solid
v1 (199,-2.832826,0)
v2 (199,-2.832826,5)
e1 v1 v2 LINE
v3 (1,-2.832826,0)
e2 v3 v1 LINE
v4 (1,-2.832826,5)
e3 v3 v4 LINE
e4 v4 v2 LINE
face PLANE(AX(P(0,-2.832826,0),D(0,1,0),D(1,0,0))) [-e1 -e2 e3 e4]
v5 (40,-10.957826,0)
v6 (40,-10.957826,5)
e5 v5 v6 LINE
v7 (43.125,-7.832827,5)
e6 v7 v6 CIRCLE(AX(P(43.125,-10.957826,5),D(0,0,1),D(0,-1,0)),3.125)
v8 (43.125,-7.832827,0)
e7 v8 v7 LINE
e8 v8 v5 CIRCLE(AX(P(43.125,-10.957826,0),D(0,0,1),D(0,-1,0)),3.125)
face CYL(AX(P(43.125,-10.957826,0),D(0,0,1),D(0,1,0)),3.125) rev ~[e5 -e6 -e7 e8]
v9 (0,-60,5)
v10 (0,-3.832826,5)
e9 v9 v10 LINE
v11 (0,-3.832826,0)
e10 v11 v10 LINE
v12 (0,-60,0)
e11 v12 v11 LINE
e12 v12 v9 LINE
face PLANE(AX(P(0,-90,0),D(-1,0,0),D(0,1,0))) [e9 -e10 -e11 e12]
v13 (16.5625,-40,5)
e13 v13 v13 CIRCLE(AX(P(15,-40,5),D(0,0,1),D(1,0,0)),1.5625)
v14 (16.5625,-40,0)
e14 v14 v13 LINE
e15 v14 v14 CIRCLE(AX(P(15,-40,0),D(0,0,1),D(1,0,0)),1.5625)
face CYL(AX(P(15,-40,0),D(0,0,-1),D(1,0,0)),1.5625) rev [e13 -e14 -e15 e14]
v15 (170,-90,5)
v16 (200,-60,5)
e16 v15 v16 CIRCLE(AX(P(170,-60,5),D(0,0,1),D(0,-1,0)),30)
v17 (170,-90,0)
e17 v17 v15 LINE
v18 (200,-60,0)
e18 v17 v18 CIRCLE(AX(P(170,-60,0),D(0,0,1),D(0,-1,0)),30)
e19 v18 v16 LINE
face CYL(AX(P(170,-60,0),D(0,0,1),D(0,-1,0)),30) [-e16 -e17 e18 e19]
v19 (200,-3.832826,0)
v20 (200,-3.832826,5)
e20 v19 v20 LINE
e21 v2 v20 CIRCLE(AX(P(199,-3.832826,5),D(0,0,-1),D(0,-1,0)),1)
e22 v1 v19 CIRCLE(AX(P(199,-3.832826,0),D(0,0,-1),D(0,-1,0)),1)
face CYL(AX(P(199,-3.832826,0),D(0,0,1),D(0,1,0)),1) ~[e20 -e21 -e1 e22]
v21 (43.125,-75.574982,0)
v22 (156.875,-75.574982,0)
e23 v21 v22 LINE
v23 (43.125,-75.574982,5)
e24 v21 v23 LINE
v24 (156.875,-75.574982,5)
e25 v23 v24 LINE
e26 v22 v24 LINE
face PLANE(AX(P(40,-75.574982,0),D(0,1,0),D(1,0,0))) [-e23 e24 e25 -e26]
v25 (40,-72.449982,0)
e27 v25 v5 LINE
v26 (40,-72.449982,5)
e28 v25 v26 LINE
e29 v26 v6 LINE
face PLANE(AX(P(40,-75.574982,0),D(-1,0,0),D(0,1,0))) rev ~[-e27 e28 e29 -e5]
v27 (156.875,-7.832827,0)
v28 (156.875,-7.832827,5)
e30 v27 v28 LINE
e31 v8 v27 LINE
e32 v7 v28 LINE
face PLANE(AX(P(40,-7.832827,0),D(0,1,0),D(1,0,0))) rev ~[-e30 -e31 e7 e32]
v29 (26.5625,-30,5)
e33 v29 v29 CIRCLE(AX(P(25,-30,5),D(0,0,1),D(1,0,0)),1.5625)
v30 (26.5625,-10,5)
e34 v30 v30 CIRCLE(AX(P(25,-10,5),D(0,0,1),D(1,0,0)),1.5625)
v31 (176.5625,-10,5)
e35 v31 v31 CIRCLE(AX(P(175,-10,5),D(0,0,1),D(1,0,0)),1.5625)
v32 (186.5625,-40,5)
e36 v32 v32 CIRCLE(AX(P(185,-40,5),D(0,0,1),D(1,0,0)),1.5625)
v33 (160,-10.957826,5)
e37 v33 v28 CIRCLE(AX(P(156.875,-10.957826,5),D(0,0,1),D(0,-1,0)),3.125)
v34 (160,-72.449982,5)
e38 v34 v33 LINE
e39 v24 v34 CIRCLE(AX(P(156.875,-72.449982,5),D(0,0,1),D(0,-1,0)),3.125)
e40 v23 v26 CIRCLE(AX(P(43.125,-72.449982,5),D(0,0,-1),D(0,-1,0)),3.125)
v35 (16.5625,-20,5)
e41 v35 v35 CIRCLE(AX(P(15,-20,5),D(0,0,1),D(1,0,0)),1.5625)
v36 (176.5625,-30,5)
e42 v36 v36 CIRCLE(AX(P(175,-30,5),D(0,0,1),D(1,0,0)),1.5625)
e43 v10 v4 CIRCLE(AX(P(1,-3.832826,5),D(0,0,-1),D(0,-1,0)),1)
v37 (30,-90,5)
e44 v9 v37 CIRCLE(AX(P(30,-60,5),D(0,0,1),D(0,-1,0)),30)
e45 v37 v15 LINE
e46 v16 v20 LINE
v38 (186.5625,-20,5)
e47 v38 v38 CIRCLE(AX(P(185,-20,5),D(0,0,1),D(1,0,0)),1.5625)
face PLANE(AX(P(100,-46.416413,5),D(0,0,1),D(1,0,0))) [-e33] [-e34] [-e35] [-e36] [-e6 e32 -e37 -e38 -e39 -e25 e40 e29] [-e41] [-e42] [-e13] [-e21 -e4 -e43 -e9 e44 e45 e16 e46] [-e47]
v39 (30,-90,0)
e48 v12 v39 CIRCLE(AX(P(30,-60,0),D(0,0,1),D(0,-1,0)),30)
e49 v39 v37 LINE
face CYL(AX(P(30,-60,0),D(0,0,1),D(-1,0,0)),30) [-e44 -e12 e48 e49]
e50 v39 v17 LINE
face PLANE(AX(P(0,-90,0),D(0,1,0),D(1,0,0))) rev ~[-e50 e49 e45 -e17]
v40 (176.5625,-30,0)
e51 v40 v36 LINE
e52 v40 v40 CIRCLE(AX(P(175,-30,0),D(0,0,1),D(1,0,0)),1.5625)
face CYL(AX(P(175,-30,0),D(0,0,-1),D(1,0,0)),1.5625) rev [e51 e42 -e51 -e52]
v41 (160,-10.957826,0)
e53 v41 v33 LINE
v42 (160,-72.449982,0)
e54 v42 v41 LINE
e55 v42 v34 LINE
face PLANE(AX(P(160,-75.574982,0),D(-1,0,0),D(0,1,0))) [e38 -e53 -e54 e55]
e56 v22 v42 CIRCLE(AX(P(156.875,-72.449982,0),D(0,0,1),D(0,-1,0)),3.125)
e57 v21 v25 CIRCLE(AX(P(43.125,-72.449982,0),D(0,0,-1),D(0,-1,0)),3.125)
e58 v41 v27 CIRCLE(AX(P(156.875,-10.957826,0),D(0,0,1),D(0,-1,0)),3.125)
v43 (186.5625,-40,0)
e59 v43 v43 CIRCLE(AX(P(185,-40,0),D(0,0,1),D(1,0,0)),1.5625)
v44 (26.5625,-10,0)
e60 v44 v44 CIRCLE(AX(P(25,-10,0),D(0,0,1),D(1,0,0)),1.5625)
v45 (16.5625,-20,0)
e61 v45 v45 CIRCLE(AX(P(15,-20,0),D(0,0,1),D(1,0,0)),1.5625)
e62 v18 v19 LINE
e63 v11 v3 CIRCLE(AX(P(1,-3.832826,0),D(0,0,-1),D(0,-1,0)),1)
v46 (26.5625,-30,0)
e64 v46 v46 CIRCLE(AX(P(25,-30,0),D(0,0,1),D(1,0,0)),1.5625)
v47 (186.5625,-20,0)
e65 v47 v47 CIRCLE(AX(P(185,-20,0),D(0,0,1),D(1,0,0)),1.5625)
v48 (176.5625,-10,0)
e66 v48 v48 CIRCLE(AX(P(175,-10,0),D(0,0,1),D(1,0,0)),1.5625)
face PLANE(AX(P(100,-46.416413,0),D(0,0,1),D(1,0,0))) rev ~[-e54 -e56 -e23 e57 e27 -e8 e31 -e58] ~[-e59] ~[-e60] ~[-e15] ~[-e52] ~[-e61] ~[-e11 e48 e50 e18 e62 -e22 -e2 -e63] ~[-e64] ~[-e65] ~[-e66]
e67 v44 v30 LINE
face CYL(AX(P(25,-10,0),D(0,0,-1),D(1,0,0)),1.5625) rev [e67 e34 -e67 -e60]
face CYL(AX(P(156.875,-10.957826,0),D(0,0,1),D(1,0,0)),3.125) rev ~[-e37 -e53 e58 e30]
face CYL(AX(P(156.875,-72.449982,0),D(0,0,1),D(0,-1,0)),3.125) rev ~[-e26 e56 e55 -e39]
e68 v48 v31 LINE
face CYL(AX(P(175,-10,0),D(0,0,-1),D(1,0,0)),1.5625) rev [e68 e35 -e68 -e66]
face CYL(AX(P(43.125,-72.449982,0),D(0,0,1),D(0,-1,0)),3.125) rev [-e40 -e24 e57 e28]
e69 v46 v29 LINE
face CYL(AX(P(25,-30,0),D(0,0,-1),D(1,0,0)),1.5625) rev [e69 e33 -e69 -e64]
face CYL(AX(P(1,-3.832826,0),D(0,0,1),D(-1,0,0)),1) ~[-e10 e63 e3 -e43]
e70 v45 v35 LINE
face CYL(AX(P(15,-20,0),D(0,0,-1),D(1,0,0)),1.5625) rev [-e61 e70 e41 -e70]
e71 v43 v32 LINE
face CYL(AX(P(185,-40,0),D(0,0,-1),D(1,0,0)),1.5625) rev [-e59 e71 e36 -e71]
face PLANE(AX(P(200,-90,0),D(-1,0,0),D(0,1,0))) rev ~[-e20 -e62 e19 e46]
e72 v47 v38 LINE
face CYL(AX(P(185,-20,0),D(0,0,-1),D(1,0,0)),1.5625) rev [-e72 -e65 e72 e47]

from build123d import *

# Parameters (mm, degrees)
SKETCH_W    = 200
SKETCH_H    = 87.167173
SKETCH_R    = 1.5625
SKETCH_W_2  = 120
SKETCH_H_2  = 67.742155
PAD_DEPTH   = 5
FILLET_R    = 30
FILLET001_R = 3.125
FILLET002_R = 1


with BuildPart() as part:
    # Sketch → Pad (new body)
    with BuildSketch(Plane.XY):
        with Locations((100, -46.416413)):
            Rectangle(SKETCH_W, SKETCH_H)
        with Locations((175, -10)):
            Circle(SKETCH_R, mode=Mode.SUBTRACT)
        with Locations((175, -30)):
            Circle(SKETCH_R, mode=Mode.SUBTRACT)
        with Locations((185, -20)):
            Circle(SKETCH_R, mode=Mode.SUBTRACT)
        with Locations((185, -40)):
            Circle(SKETCH_R, mode=Mode.SUBTRACT)
        with Locations((25, -10)):
            Circle(SKETCH_R, mode=Mode.SUBTRACT)
        with Locations((25, -30)):
            Circle(SKETCH_R, mode=Mode.SUBTRACT)
        with Locations((15, -20)):
            Circle(SKETCH_R, mode=Mode.SUBTRACT)
        with Locations((15, -40)):
            Circle(SKETCH_R, mode=Mode.SUBTRACT)
        with Locations((100, -41.703904)):
            Rectangle(SKETCH_W_2, SKETCH_H_2, mode=Mode.SUBTRACT)
    extrude(amount=PAD_DEPTH)

    # Fillet
    fillet_edges = [part.edges().sort_by_distance(p)[0] for p in [
        (200, -90, 2.5),
        (0, -90, 2.5),
    ]]
    fillet(fillet_edges, radius=FILLET_R)

    # Fillet001
    fillet001_edges = [part.edges().sort_by_distance(p)[0] for p in [
        (40, -7.832827, 2.5),
        (160, -7.832827, 2.5),
        (160, -75.574982, 2.5),
        (40, -75.574982, 2.5),
    ]]
    fillet(fillet001_edges, radius=FILLET001_R)

    # Fillet002
    fillet002_edges = [part.edges().sort_by_distance(p)[0] for p in [
        (0, -2.832827, 2.5),
        (200, -2.832827, 2.5),
    ]]
    fillet(fillet002_edges, radius=FILLET002_R)


solid = part.part
